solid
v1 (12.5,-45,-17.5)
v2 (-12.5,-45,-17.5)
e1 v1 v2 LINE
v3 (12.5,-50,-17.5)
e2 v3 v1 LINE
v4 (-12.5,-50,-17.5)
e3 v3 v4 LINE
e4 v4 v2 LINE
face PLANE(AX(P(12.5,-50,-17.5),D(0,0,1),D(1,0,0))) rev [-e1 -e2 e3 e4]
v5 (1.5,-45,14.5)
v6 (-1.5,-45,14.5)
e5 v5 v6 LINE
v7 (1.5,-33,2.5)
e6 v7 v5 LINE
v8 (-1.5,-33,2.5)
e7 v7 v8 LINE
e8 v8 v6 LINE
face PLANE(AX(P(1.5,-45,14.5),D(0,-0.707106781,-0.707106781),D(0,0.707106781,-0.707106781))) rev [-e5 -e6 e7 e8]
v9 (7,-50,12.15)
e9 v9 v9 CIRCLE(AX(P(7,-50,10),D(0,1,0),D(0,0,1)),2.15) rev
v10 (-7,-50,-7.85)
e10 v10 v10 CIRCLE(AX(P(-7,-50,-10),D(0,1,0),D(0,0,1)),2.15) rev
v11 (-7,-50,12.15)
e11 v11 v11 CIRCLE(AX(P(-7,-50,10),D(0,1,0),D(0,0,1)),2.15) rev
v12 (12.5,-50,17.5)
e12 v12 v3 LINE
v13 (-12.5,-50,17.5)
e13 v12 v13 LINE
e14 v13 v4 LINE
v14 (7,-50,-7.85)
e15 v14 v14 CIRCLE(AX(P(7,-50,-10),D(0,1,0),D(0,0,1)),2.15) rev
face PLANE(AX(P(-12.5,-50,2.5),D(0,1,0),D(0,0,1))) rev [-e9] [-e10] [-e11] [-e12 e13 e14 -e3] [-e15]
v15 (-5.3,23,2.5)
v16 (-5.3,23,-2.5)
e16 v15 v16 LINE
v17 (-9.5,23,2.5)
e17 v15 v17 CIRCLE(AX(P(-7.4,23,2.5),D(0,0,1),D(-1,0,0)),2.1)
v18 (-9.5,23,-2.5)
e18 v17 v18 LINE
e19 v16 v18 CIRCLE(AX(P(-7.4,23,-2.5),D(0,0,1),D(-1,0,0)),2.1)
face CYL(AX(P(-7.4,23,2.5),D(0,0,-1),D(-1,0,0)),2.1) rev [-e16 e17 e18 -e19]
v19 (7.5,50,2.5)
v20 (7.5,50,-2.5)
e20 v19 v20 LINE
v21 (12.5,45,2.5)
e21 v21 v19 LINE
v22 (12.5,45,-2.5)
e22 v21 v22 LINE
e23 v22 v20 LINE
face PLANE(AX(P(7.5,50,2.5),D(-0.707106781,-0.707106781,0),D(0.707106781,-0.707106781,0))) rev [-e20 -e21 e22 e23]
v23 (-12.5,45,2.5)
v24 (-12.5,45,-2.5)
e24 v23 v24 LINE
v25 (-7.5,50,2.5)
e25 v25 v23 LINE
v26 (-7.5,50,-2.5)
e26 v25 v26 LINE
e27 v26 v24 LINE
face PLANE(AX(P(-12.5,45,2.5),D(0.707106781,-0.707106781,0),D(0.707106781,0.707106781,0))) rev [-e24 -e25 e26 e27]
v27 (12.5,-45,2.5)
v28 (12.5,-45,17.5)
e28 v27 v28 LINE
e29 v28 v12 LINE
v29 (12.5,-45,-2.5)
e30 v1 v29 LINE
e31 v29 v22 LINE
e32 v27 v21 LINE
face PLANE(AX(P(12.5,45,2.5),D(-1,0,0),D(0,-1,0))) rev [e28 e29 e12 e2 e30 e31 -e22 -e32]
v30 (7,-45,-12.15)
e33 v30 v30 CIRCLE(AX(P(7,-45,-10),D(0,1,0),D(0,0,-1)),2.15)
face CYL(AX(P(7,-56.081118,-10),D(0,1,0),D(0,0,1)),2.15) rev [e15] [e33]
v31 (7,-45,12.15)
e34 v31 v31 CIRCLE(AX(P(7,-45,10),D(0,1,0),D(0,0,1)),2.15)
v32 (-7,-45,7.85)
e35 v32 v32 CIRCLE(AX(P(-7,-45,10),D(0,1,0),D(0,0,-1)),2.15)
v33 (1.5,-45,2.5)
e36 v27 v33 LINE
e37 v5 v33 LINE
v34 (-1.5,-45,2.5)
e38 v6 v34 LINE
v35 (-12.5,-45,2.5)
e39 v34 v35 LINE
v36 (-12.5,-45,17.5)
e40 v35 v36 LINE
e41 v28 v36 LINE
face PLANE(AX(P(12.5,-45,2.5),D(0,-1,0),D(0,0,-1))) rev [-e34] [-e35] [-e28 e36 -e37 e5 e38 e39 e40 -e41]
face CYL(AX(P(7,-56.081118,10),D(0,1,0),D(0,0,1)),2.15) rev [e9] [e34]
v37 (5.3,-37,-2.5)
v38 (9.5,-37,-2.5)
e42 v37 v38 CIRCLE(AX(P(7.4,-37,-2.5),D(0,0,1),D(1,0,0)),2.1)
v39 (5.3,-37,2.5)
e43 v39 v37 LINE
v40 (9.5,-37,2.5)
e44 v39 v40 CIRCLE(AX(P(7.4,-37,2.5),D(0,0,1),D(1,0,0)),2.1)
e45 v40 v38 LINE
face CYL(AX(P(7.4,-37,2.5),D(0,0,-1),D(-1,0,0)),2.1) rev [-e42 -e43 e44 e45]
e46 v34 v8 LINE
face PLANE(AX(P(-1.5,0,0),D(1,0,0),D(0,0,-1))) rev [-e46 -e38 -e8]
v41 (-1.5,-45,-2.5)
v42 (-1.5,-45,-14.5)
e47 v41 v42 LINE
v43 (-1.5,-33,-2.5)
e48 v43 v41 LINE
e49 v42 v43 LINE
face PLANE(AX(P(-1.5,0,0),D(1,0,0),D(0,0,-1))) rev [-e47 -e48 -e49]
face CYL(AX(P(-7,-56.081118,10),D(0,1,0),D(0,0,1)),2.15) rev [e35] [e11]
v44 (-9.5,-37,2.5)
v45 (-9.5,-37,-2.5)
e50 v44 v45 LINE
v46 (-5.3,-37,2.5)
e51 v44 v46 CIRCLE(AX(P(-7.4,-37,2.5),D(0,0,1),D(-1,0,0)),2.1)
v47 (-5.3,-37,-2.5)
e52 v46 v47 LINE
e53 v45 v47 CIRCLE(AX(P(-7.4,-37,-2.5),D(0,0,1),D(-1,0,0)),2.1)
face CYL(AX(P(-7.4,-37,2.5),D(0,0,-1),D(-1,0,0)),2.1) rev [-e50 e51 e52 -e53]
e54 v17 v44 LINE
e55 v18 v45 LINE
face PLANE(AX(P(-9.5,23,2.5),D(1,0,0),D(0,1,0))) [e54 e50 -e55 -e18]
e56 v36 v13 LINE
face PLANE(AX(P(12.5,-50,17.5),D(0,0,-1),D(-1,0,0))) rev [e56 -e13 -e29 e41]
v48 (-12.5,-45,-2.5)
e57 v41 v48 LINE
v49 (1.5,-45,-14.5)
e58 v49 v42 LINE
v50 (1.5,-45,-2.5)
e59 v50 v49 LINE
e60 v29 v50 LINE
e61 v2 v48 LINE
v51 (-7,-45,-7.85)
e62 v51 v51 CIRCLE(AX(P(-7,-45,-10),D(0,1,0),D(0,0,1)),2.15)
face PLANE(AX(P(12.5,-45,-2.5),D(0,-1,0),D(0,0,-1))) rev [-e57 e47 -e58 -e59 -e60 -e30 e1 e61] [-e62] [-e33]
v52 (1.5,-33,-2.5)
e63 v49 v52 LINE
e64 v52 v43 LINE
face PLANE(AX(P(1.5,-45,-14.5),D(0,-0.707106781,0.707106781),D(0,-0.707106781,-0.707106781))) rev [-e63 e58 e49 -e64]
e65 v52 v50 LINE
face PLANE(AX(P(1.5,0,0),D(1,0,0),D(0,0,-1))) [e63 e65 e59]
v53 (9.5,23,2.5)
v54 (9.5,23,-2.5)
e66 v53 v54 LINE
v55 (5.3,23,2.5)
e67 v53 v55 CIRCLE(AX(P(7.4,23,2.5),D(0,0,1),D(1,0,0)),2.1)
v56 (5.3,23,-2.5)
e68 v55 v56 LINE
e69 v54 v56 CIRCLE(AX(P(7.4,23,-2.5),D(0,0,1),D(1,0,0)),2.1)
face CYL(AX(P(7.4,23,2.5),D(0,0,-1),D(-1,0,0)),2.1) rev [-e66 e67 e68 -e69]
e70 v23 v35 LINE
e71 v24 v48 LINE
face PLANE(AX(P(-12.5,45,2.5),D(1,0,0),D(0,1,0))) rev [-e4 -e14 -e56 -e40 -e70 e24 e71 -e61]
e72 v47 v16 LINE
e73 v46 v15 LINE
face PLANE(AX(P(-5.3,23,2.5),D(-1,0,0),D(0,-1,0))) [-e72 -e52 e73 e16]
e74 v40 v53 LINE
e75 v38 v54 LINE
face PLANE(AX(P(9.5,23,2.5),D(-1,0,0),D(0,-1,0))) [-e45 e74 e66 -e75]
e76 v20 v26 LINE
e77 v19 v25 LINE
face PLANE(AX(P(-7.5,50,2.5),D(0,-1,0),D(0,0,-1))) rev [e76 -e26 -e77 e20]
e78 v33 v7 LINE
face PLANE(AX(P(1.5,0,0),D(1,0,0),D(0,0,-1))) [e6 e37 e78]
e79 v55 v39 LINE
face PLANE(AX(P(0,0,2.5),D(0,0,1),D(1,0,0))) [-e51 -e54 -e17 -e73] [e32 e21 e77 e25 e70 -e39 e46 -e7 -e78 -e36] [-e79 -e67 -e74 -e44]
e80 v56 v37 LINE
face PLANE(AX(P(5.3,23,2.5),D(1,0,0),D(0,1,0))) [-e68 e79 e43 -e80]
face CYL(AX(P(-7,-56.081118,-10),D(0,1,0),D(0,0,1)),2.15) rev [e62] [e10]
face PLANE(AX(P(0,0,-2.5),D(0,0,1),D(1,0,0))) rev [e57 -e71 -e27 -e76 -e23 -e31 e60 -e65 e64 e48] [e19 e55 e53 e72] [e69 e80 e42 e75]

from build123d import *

# Parameters (mm, degrees)
BOSS_EXTRUDE1_DEPTH = 2.5
SKETCH2_W           = 15
SKETCH2_H           = 5
BOSS_EXTRUDE2_DEPTH = 12.5
BOSS_EXTRUDE3_DEPTH = 1.5
SKETCH6_R           = 2.15
CUT_EXTRUDE1_DEPTH  = 5


with BuildPart() as part:
    # Sketch1 → Boss-Extrude1 (new, symmetric)
    with BuildSketch(Plane.XY):
        Polygon((-12.5, 45), (-7.5, 50), (7.5, 50), (12.5, 45), (12.5, -50), (-12.5, -50), align=None)
        with BuildLine():
            Line((9.5, 23), (9.5, -37))
            ThreePointArc((9.5, -37), (7.4, -39.1), (5.3, -37))
            Line((5.3, -37), (5.3, 23))
            ThreePointArc((5.3, 23), (7.4, 25.1), (9.5, 23))
        make_face(mode=Mode.SUBTRACT)
        with BuildLine():
            Line((-9.5, 23), (-9.5, -37))
            ThreePointArc((-9.5, -37), (-7.4, -39.1), (-5.3, -37))
            Line((-5.3, -37), (-5.3, 23))
            ThreePointArc((-5.3, 23), (-7.4, 25.1), (-9.5, 23))
        make_face(mode=Mode.SUBTRACT)
    extrude(amount=BOSS_EXTRUDE1_DEPTH, both=True)

    # Sketch2 → Boss-Extrude2 (add, symmetric)
    with BuildSketch(Plane(origin=(0, 0, 0), x_dir=(0, 0, -1), z_dir=(1, 0, 0))):
        with Locations((10, -47.5)):
            Rectangle(SKETCH2_W, SKETCH2_H)
        with Locations((-10, -47.5)):
            Rectangle(SKETCH2_W, SKETCH2_H)
    extrude(amount=BOSS_EXTRUDE2_DEPTH, both=True)

    # Sketch5 → Boss-Extrude3 (add, symmetric)
    with BuildSketch(Plane(origin=(0, 0, 0), x_dir=(0, 0, -1), z_dir=(1, 0, 0))):
        Polygon((-14.5, -45), (-2.5, -33), (-2.5, -45), align=None)
        Polygon((2.5, -33), (2.5, -45), (14.5, -45), align=None)
    extrude(amount=BOSS_EXTRUDE3_DEPTH, both=True)

    # Sketch6 → Cut-Extrude1 (cut)
    with BuildSketch(Plane(origin=(0, -45, 0), x_dir=(1, 0, 0), z_dir=(0, 1, 0))):
        with Locations(Location((-7, 10, 0), (0, 0, 270))):
            Circle(SKETCH6_R)
        with Locations(Location((7, 10, 0), (0, 0, 270))):
            Circle(SKETCH6_R)
        with Locations(Location((7, -10, 0), (0, 0, 270))):
            Circle(SKETCH6_R)
        with Locations(Location((-7, -10, 0), (0, 0, 270))):
            Circle(SKETCH6_R)
    extrude(amount=-CUT_EXTRUDE1_DEPTH, mode=Mode.SUBTRACT)


solid = part.part
